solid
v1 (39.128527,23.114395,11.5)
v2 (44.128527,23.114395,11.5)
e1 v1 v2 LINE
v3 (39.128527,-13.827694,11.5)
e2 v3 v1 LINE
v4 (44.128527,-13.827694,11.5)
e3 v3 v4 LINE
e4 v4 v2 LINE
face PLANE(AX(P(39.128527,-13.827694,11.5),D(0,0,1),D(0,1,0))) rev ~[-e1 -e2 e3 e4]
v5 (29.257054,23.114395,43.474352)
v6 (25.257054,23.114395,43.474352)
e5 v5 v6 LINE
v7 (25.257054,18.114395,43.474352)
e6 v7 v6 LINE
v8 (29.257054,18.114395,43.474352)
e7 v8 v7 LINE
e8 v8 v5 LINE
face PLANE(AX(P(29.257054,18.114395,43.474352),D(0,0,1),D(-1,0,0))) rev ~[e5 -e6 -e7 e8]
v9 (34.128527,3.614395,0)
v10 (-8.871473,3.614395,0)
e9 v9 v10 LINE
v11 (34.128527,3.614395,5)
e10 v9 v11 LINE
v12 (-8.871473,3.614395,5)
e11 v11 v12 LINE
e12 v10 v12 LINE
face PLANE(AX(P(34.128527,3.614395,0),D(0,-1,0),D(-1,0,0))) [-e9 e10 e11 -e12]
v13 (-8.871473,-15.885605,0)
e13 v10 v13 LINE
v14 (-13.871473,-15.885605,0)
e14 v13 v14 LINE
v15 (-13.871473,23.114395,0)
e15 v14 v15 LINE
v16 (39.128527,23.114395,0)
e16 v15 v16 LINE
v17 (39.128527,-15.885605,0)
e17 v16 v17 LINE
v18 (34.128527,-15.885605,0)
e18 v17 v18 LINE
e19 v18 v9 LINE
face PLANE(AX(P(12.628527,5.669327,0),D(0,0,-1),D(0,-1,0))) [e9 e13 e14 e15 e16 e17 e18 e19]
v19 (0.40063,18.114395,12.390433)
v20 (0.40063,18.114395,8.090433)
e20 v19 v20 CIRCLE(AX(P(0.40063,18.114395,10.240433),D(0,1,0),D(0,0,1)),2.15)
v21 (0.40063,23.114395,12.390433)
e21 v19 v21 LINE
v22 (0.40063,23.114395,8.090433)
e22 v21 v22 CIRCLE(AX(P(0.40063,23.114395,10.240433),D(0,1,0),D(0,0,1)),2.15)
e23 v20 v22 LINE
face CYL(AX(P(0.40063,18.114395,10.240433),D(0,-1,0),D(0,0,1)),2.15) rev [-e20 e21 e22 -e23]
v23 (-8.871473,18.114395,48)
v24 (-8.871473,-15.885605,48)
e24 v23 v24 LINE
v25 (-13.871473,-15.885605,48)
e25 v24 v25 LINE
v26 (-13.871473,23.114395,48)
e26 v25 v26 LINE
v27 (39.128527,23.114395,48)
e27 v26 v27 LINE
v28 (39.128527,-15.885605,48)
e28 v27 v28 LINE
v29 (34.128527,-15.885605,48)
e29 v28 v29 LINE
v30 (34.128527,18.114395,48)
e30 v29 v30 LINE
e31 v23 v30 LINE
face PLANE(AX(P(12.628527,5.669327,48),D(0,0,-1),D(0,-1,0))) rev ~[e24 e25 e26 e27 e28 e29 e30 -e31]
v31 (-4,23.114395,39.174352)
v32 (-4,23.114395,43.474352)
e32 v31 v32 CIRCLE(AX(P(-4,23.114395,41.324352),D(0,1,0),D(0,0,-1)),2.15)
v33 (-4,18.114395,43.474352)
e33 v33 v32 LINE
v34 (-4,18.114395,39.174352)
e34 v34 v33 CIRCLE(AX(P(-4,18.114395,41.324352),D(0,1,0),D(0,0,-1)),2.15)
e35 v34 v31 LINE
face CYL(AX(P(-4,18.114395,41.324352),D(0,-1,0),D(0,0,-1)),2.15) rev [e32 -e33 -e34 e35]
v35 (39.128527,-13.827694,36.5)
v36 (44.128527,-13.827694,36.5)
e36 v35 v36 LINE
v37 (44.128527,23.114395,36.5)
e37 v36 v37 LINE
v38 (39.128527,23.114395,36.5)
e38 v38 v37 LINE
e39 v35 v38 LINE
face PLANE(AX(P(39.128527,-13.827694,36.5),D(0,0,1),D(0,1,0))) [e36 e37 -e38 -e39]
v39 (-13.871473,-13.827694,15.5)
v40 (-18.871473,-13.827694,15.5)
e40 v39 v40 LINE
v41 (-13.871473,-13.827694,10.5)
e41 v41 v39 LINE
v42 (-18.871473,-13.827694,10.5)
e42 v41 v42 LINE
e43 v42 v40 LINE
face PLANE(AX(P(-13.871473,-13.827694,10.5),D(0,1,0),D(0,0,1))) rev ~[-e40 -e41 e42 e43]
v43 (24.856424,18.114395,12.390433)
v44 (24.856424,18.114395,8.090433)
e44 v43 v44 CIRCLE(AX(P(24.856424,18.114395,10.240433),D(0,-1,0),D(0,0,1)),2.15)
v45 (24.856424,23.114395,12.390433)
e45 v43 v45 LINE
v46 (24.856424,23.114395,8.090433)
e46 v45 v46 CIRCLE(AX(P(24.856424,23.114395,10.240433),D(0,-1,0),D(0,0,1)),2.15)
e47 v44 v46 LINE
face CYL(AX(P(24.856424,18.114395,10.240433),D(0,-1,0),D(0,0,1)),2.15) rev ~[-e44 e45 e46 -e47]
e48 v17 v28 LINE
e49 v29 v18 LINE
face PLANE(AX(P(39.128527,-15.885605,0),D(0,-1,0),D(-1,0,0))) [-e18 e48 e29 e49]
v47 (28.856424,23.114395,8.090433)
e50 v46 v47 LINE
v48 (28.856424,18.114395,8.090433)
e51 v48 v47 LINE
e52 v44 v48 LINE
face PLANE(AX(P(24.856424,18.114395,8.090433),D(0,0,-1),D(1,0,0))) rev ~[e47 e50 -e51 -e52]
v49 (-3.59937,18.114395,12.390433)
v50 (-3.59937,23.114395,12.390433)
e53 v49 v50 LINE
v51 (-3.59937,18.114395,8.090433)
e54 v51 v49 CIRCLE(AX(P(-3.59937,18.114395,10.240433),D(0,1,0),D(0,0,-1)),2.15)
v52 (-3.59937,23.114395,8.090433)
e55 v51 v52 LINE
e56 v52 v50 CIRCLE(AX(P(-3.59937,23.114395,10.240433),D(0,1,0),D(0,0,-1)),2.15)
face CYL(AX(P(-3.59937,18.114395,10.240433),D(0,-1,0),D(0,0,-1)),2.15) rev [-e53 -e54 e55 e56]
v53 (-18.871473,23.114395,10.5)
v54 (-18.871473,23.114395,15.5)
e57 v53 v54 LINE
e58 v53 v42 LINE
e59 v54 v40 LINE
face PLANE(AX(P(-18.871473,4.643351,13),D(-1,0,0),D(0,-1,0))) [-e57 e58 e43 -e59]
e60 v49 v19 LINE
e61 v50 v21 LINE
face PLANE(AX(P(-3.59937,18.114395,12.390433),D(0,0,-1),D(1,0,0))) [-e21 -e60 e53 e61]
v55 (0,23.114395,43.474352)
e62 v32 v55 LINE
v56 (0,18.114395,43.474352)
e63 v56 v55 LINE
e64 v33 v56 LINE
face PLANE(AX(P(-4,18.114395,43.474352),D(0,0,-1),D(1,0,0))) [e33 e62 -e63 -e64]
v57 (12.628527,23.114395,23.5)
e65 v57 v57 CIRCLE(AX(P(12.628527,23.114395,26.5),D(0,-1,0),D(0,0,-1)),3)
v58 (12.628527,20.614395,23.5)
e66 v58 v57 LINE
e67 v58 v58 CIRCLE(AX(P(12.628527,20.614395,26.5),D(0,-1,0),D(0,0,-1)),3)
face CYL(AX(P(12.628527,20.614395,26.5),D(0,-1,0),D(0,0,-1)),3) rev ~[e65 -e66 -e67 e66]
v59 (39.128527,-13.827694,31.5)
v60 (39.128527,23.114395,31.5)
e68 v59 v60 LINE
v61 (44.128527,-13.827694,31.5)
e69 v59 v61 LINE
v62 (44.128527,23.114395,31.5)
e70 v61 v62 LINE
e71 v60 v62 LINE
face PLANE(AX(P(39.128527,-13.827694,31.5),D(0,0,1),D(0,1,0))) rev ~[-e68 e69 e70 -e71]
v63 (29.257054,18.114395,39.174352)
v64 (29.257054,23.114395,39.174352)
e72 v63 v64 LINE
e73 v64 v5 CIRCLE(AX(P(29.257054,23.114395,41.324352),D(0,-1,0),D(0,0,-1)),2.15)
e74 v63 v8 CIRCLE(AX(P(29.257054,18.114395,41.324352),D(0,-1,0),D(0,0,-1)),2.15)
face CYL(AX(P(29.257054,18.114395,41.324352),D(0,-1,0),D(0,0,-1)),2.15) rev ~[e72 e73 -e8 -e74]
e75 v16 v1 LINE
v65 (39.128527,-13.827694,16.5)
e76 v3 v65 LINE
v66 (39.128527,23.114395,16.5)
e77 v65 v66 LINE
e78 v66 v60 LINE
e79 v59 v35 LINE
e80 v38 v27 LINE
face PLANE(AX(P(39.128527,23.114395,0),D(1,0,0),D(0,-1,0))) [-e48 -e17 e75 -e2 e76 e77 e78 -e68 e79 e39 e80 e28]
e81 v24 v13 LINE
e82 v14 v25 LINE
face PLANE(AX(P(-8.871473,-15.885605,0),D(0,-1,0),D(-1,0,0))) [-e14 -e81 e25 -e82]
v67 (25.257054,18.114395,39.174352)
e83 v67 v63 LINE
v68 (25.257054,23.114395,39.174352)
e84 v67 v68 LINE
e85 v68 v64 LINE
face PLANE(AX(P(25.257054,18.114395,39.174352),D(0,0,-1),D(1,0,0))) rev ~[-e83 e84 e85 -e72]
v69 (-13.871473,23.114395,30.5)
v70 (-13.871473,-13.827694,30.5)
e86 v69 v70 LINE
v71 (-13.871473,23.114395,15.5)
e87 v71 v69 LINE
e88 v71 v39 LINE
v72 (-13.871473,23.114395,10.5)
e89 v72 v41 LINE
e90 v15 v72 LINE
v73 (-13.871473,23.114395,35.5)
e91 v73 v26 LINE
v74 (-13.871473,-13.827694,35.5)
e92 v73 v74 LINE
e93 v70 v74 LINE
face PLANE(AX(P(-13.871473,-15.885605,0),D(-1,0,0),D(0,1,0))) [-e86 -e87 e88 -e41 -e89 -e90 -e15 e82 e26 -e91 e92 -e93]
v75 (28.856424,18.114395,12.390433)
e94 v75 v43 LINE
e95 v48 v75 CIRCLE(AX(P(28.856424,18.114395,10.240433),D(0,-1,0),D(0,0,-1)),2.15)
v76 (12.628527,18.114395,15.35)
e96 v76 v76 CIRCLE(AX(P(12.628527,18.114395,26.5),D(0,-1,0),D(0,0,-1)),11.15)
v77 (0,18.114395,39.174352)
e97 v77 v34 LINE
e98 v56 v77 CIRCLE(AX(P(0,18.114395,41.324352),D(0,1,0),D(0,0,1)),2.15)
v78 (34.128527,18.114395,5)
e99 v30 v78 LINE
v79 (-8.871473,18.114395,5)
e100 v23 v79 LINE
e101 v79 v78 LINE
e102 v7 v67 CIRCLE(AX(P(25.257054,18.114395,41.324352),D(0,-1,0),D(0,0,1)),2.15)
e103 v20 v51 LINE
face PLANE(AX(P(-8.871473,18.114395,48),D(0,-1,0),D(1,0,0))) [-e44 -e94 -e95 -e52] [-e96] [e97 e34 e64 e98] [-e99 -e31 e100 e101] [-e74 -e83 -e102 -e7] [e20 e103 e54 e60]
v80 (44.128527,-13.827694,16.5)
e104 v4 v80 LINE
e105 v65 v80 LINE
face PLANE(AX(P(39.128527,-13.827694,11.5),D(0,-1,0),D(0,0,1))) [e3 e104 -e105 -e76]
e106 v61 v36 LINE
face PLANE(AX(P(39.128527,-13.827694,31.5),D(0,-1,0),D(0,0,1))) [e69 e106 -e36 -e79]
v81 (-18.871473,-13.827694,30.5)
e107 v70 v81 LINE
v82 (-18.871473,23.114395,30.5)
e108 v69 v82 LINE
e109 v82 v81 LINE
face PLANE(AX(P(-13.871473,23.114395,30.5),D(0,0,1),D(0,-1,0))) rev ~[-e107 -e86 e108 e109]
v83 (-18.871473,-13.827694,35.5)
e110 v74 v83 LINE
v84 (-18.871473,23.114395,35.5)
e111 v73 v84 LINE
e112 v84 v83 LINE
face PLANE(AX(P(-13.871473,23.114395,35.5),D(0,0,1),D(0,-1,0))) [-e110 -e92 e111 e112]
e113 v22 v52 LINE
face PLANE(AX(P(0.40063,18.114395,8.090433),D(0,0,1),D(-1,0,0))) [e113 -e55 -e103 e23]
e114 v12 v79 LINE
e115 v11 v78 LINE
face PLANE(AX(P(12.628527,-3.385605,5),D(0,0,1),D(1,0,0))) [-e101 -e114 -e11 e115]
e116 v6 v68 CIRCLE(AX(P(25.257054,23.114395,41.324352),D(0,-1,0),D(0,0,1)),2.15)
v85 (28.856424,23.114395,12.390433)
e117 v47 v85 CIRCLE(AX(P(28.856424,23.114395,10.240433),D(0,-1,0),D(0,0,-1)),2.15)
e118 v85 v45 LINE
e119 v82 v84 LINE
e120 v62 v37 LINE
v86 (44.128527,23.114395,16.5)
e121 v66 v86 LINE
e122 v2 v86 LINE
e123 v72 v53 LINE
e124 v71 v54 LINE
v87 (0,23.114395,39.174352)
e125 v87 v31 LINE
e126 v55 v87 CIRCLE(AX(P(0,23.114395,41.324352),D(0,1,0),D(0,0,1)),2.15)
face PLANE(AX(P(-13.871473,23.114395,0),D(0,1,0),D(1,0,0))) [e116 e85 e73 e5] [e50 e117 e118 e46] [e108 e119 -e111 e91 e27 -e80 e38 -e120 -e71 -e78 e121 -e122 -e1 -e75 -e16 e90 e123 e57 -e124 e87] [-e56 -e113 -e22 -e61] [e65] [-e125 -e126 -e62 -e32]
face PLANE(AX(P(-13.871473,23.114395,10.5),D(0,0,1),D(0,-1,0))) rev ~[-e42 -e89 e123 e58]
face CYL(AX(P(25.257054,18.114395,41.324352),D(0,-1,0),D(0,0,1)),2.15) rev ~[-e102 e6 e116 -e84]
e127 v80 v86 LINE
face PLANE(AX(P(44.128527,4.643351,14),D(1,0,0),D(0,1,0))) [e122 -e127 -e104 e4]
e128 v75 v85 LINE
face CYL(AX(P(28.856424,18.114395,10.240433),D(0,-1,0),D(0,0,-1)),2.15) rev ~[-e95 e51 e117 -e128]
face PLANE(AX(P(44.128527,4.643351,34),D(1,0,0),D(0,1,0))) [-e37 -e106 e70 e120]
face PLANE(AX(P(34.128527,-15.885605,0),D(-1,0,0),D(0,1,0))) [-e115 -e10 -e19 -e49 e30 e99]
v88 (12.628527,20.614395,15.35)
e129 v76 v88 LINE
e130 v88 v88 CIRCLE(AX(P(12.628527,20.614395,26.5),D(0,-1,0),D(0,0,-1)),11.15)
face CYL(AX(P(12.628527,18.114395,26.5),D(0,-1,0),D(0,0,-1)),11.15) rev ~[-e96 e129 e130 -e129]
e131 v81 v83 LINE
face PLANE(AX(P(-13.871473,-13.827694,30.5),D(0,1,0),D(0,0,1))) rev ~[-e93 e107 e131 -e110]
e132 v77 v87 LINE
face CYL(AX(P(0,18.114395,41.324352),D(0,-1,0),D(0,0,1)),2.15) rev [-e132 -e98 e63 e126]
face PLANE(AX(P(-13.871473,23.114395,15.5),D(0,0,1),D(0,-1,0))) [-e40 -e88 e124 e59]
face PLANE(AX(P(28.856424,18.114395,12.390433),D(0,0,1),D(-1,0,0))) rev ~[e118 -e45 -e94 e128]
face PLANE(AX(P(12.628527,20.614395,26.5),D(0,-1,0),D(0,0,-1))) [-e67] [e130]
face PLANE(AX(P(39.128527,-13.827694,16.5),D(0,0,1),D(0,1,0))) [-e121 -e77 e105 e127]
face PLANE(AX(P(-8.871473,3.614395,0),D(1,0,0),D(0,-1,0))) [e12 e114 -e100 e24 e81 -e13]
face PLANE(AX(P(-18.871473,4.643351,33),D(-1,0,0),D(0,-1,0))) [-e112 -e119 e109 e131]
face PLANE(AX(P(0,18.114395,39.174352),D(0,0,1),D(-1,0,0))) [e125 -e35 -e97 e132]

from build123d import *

# Parameters (mm, degrees)
BOSS_EXTRUDE4_DEPTH = 48
SKETCH2_W           = 43
SKETCH2_H           = 43
CUT_EXTRUDE2_DEPTH  = 43
SKETCH5_R           = 11.15
CUT_EXTRUDE3_DEPTH  = 2.5
SKETCH7_R           = 3
CUT_EXTRUDE4_DEPTH  = 2.5
CUT_EXTRUDE5_DEPTH  = 5
SKETCH9_W           = 36.942088093
SKETCH9_H           = 5
BOSS_EXTRUDE5_DEPTH = 5
SKETCH12_W          = 36.942088093
SKETCH12_H          = 5
BOSS_EXTRUDE6_DEPTH = 5


with BuildPart() as part:
    # Sketch1 → Boss-Extrude4 (new body)
    with BuildSketch(Plane(origin=(0, 0, 0), x_dir=(0, 1, 0), z_dir=(0, 0, 1))):
        Polygon((3.614394585, 8.871473005), (-15.885605415, 8.871473005), (-15.885605415, 13.871473005), (23.114394585, 13.871473005), (23.114394585, -39.128526995), (-15.885605415, -39.128526995), (-15.885605415, -34.128526995), (3.614394585, -34.128526995), align=None)
    extrude(amount=BOSS_EXTRUDE4_DEPTH)

    # Sketch2 → Cut-Extrude2 (cut)
    with BuildSketch(Plane.XY.offset(48)):
        with Locations((12.628526995, -3.385605415)):
            Rectangle(SKETCH2_W, SKETCH2_H)
    extrude(amount=-CUT_EXTRUDE2_DEPTH, mode=Mode.SUBTRACT)

    # Sketch5 → Cut-Extrude3 (cut)
    with BuildSketch(Plane.XZ.offset(-18.114394585)):
        with Locations(Location((12.628526995, 26.5, 0), (0, 0, 270))):
            Circle(SKETCH5_R)
    extrude(amount=-CUT_EXTRUDE3_DEPTH, mode=Mode.SUBTRACT)

    # Sketch7 → Cut-Extrude4 (cut)
    with BuildSketch(Plane.XZ.offset(-20.614394585)):
        with Locations(Location((12.628526995, 26.5, 0), (0, 0, 270))):
            Circle(SKETCH7_R)
    extrude(amount=-CUT_EXTRUDE4_DEPTH, mode=Mode.SUBTRACT)

    # Sketch8 → Cut-Extrude5 (cut)
    with BuildSketch(Plane.XZ.offset(-18.114394585)):
        with BuildLine():
            Line((-4, 43.474351547), (0, 43.474351547))
            ThreePointArc((0, 43.474351547), (2.15, 41.324351547), (0, 39.174351547))
            Line((0, 39.174351547), (-4, 39.174351547))
            ThreePointArc((-4, 39.174351547), (-6.15, 41.324351547), (-4, 43.474351547))
        make_face()
        with BuildLine():
            Line((28.856423603, 12.390432875), (24.856423603, 12.390432875))
            ThreePointArc((24.856423603, 12.390432875), (22.706423603, 10.240432875), (24.856423603, 8.090432875))
            Line((24.856423603, 8.090432875), (28.856423603, 8.090432875))
            ThreePointArc((28.856423603, 8.090432875), (31.006423603, 10.240432875), (28.856423603, 12.390432875))
        make_face()
        with BuildLine():
            Line((29.25705399, 43.474351547), (25.25705399, 43.474351547))
            ThreePointArc((25.25705399, 43.474351547), (23.10705399, 41.324351547), (25.25705399, 39.174351547))
            Line((25.25705399, 39.174351547), (29.25705399, 39.174351547))
            ThreePointArc((29.25705399, 39.174351547), (31.40705399, 41.324351547), (29.25705399, 43.474351547))
        make_face()
        with BuildLine():
            Line((-3.599369613, 12.390432875), (0.400630387, 12.390432875))
            ThreePointArc((0.400630387, 12.390432875), (2.550630387, 10.240432875), (0.400630387, 8.090432875))
            Line((0.400630387, 8.090432875), (-3.599369613, 8.090432875))
            ThreePointArc((-3.599369613, 8.090432875), (-5.749369613, 10.240432875), (-3.599369613, 12.390432875))
        make_face()
    extrude(amount=-CUT_EXTRUDE5_DEPTH, mode=Mode.SUBTRACT)

    # Sketch9 → Boss-Extrude5 (add)
    with BuildSketch(Plane(origin=(-13.871473005, 0, 0), x_dir=(0, -1, 0), z_dir=(-1, 0, 0))):
        with Locations((-4.643350539, 33)):
            Rectangle(SKETCH9_W, SKETCH9_H)
        with Locations((-4.643350539, 13)):
            Rectangle(SKETCH9_W, SKETCH9_H)
    extrude(amount=BOSS_EXTRUDE5_DEPTH)

    # Sketch12 → Boss-Extrude6 (add)
    with BuildSketch(Plane.YZ.offset(39.128526995)):
        with Locations((4.643350539, 34)):
            Rectangle(SKETCH12_W, SKETCH12_H)
        with Locations((4.643350539, 14)):
            Rectangle(SKETCH12_W, SKETCH12_H)
    extrude(amount=BOSS_EXTRUDE6_DEPTH)


solid = part.part
